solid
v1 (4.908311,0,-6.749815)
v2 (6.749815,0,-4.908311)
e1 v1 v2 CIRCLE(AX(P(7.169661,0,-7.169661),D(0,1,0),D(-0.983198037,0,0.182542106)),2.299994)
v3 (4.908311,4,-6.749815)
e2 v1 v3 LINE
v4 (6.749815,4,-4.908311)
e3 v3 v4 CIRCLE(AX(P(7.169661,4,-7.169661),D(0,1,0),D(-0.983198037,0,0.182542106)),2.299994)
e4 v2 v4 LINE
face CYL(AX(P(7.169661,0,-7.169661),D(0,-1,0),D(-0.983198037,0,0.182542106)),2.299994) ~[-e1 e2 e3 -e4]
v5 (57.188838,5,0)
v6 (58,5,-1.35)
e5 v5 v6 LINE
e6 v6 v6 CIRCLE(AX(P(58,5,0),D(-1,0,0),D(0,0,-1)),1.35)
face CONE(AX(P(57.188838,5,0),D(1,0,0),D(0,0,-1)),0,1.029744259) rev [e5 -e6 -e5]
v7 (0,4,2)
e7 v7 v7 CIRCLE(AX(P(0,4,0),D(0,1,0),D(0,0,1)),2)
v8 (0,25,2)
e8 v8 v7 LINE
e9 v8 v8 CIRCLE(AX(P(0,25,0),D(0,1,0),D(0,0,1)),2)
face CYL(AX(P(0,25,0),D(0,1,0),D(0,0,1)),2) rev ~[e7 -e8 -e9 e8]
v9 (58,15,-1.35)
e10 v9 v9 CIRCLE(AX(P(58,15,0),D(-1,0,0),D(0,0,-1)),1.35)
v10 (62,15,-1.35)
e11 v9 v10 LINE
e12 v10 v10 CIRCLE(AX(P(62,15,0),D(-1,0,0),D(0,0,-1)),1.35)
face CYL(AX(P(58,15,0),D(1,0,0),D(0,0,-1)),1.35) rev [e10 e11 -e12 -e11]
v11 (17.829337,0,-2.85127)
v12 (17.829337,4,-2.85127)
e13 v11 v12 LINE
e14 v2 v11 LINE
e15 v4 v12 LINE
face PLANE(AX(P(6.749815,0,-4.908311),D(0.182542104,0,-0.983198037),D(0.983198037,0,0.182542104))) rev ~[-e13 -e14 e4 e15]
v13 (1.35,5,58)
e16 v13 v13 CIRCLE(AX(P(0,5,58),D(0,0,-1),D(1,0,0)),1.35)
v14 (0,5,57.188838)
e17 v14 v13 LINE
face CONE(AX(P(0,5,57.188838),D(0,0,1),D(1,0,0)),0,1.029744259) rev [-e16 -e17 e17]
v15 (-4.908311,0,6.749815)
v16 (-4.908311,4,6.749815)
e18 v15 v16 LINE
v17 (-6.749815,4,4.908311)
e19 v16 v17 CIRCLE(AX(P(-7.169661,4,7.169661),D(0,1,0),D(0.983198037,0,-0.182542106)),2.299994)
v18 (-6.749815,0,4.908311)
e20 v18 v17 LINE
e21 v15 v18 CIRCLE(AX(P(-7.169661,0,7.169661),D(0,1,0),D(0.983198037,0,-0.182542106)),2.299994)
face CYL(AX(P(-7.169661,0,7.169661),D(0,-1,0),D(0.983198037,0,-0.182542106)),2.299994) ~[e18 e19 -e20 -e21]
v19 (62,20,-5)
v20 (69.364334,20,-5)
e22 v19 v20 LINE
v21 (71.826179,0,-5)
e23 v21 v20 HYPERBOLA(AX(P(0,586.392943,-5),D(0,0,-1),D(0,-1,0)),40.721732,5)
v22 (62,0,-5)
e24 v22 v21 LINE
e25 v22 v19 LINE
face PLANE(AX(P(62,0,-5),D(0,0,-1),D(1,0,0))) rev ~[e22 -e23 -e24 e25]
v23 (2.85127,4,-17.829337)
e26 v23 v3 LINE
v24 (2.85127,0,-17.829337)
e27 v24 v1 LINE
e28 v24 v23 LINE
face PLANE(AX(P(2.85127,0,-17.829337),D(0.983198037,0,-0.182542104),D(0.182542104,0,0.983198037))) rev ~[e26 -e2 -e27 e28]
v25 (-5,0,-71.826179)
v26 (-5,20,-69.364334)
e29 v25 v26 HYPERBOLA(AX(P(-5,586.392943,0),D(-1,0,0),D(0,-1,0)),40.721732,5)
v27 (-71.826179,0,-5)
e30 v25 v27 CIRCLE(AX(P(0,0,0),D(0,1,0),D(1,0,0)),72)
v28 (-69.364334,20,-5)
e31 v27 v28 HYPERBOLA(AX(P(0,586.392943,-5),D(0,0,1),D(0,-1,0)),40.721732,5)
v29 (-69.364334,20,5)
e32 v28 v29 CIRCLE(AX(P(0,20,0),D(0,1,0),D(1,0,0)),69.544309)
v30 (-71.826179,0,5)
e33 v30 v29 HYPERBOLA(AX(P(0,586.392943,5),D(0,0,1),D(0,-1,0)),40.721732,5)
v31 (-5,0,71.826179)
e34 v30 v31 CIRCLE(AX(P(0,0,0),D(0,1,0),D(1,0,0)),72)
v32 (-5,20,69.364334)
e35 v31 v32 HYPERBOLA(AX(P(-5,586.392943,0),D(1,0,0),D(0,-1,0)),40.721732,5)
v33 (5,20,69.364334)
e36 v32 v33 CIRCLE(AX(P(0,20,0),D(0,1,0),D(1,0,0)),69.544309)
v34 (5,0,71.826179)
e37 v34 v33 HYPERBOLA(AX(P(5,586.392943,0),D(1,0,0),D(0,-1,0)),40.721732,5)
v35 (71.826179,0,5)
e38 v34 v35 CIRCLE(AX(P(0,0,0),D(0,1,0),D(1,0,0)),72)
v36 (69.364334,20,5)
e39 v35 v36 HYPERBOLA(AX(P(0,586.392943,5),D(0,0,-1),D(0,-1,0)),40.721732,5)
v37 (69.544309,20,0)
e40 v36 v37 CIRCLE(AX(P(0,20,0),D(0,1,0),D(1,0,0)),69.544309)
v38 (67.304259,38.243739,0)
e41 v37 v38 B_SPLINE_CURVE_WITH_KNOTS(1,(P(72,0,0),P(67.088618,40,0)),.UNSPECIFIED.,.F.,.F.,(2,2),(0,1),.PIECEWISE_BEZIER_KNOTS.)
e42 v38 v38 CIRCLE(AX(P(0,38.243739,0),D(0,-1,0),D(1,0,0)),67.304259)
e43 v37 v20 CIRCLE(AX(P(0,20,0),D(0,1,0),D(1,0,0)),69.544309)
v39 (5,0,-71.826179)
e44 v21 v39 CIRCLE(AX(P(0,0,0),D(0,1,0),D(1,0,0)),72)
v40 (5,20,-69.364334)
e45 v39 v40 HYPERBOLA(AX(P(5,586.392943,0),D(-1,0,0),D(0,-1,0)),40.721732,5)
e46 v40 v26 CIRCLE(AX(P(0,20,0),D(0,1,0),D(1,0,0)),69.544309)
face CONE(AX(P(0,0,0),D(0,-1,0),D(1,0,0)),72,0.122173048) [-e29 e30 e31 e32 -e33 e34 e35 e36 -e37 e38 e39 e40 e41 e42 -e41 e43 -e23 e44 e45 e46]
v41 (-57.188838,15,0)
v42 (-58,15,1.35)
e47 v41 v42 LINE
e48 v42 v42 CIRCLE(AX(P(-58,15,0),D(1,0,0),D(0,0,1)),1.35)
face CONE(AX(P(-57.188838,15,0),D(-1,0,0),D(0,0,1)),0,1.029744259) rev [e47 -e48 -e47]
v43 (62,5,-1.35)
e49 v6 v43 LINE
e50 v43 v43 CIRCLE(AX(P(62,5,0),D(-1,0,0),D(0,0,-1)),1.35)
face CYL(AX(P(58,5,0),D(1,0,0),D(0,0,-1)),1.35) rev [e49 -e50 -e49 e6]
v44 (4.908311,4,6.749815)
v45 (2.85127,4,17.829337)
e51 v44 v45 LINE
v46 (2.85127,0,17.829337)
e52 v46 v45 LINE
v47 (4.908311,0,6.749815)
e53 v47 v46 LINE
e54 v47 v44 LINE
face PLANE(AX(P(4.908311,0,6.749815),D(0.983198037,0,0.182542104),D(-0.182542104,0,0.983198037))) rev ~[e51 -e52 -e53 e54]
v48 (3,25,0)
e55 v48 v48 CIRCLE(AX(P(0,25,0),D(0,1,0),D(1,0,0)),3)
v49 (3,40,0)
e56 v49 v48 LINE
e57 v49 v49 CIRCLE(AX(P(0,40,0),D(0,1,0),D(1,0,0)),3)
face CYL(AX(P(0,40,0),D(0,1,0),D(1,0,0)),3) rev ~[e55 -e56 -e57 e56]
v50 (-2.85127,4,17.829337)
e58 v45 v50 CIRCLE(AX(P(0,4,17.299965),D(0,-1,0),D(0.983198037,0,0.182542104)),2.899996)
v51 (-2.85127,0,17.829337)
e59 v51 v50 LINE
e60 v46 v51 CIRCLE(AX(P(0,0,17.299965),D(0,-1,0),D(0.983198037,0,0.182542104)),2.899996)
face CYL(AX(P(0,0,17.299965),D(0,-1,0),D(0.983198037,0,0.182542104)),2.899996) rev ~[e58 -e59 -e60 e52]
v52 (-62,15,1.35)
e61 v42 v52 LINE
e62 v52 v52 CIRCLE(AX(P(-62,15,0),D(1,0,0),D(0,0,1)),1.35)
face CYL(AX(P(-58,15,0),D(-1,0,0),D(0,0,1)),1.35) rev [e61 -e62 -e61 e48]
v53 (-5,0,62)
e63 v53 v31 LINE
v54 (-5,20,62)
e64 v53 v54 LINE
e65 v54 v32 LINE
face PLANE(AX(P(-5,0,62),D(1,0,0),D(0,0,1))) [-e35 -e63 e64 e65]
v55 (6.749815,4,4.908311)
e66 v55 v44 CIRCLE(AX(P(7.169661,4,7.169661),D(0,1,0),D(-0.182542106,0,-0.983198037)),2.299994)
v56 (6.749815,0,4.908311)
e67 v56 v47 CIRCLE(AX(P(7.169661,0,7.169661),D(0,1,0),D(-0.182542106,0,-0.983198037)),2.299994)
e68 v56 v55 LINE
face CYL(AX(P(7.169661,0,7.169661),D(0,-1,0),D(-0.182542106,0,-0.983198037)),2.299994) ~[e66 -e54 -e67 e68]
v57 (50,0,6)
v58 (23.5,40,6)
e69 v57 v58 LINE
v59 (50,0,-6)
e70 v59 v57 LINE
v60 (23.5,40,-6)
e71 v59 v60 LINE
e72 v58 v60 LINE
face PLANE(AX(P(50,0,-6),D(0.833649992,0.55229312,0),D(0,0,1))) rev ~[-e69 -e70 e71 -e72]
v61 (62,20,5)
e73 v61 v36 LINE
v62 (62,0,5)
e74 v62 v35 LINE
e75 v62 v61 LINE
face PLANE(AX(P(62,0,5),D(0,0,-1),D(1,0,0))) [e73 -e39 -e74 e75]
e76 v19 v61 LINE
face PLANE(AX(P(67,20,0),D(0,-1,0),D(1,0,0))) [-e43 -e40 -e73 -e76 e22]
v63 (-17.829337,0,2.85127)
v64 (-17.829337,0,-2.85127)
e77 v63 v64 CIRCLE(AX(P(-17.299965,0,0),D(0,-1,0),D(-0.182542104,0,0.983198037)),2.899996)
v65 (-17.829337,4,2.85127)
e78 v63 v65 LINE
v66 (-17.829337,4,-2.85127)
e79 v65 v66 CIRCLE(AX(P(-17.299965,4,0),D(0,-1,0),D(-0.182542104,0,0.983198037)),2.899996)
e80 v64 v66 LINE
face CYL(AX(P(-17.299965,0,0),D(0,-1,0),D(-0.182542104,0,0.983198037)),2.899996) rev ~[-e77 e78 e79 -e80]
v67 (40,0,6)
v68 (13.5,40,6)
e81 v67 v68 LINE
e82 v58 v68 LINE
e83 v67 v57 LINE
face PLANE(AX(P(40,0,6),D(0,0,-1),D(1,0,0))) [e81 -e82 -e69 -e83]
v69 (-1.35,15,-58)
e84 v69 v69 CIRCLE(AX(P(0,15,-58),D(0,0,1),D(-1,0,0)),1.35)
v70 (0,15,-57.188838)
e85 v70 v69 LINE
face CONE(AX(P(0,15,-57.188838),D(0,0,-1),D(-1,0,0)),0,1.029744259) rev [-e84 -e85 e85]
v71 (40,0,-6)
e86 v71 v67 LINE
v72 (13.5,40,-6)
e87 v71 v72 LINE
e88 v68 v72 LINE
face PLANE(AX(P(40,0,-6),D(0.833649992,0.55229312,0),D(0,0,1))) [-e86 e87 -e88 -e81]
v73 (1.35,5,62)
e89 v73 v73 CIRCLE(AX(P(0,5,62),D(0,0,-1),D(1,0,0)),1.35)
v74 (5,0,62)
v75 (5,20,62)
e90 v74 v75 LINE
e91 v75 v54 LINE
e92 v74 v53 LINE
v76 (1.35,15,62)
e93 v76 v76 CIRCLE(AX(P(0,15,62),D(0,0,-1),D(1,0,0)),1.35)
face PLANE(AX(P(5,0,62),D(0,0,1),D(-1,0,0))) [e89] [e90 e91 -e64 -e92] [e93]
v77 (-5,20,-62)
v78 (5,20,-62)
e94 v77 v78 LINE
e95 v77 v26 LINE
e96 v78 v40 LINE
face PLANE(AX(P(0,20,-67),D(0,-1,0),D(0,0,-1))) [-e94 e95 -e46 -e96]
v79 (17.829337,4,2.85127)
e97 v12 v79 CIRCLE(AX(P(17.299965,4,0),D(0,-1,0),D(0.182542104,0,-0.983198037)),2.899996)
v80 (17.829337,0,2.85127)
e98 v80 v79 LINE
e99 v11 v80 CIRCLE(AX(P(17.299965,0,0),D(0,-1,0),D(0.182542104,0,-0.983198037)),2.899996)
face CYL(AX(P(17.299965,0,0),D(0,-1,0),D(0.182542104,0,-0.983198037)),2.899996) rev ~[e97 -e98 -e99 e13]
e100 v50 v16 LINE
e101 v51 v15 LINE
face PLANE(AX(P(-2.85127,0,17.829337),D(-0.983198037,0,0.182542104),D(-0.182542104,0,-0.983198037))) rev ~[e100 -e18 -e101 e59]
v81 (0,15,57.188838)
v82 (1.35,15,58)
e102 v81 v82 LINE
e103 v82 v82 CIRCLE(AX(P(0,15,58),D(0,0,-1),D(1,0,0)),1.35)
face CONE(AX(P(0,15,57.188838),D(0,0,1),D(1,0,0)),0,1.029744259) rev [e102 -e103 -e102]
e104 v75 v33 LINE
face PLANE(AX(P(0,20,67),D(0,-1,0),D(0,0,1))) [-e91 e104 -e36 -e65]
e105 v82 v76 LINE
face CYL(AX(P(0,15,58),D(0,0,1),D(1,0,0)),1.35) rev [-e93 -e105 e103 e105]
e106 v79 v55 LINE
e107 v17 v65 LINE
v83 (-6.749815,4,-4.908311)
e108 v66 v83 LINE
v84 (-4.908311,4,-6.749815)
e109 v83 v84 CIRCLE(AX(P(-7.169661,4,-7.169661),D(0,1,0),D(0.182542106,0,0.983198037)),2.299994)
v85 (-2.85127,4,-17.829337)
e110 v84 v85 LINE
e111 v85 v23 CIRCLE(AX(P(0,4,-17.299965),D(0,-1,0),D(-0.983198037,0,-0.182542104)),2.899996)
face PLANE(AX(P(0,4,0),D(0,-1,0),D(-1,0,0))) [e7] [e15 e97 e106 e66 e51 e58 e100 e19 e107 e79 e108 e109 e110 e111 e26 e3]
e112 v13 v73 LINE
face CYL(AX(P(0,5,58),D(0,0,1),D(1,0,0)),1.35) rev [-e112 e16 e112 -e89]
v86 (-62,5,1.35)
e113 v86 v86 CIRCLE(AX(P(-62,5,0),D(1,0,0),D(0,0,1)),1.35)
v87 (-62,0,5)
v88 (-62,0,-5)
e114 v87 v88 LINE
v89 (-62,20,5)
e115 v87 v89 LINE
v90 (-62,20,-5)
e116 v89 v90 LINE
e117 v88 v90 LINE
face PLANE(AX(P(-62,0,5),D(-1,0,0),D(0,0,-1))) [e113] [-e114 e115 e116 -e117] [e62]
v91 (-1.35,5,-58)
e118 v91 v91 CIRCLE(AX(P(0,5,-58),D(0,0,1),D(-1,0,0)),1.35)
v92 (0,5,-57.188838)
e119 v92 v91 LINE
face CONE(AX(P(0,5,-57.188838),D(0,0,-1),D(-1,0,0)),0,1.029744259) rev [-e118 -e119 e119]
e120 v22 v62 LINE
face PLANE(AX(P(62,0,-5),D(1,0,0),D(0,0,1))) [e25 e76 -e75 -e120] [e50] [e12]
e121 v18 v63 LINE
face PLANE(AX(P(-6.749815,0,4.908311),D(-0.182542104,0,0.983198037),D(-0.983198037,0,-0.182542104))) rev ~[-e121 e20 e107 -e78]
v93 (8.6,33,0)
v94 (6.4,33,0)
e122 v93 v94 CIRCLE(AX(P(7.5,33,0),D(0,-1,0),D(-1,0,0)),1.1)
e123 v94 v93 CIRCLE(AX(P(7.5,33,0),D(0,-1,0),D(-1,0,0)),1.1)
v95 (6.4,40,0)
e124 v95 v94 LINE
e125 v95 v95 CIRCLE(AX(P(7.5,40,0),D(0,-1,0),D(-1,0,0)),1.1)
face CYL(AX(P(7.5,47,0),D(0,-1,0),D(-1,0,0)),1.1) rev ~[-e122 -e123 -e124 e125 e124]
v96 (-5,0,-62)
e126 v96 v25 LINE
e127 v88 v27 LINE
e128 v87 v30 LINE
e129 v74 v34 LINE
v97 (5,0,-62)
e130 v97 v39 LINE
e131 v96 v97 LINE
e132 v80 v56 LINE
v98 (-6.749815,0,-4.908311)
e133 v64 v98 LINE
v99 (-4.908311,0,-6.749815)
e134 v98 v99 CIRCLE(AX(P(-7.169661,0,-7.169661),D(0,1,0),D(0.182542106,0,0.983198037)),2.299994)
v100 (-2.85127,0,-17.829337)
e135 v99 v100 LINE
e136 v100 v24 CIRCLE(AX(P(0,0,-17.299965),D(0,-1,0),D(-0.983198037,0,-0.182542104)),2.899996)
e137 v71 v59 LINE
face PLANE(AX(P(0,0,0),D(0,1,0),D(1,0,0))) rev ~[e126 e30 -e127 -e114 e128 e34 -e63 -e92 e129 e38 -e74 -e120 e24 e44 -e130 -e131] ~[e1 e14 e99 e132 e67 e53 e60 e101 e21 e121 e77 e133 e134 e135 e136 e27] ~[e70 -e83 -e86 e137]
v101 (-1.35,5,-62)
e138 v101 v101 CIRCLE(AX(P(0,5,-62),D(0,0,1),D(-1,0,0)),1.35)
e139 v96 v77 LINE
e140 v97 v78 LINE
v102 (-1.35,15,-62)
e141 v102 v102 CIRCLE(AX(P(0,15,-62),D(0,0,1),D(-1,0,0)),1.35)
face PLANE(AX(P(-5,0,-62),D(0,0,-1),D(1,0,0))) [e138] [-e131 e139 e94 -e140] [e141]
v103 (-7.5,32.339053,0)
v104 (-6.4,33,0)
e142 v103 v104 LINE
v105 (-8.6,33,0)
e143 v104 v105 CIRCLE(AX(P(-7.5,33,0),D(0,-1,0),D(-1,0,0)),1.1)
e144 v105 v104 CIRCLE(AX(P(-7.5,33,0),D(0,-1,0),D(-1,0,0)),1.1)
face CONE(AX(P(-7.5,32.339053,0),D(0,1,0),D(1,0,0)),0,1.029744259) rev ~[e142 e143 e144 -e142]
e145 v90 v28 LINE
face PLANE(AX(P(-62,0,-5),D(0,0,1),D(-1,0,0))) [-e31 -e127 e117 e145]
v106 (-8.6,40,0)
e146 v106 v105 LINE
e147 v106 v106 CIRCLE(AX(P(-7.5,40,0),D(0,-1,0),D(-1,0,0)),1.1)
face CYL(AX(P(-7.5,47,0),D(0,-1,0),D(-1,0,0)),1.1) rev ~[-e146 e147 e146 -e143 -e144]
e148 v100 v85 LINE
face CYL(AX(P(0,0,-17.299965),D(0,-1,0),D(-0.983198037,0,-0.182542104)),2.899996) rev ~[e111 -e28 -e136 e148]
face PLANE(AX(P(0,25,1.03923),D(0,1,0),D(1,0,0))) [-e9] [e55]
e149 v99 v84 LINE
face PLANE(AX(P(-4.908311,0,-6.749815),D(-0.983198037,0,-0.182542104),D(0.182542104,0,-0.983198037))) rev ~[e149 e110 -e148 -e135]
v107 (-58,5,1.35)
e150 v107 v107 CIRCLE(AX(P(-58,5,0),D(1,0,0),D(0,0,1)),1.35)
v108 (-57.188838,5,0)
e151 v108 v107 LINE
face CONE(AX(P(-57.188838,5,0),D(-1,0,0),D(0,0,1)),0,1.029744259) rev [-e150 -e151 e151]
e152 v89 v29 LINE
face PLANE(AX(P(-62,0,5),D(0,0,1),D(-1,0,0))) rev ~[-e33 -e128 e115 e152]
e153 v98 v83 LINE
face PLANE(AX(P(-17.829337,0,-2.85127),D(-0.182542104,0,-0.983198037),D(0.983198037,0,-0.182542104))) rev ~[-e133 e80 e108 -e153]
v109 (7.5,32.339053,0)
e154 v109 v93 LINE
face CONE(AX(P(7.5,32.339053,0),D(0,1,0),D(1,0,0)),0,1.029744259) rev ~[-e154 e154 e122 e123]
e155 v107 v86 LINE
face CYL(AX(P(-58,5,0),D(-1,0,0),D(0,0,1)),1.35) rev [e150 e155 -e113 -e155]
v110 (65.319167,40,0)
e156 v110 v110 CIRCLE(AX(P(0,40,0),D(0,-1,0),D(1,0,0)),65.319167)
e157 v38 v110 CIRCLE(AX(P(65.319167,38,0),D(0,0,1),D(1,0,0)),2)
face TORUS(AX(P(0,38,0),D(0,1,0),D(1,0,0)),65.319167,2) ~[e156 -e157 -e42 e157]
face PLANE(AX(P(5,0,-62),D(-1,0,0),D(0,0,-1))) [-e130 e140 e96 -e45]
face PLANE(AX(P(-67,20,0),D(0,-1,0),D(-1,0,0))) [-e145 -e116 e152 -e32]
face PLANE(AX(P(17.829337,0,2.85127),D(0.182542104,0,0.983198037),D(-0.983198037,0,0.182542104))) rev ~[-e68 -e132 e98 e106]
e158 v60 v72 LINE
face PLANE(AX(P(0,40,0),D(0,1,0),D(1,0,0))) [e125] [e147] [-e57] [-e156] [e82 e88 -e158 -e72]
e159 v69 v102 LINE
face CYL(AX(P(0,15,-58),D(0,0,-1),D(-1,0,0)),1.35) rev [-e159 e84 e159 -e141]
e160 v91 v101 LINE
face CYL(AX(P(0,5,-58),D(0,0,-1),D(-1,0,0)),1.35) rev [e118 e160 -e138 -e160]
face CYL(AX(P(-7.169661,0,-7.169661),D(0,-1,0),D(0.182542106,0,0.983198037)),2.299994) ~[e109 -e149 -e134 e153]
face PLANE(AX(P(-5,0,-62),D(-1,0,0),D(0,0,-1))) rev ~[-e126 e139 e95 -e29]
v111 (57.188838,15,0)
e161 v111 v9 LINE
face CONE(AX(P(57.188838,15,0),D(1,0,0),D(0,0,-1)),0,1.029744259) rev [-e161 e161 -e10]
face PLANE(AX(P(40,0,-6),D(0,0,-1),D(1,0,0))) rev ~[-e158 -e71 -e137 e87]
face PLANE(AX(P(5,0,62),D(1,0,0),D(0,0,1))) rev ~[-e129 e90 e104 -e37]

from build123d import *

# Parameters (mm, degrees)
ESQUISSE3_R                  = 72
BOSS_EXTRU_1_DEPTH           = 40
BOSS_EXTRU_1_TAPER           = 7
CONG_2_R                     = 2
ESQUISSE26_R                 = 7.5
ENL_V_MAT_EXTRU_1_DEPTH      = 4
ESQUISSE39_W                 = 10
ESQUISSE39_H                 = 10
ENL_V_MAT_EXTRU_4_DEPTH      = 20
D_GAGEMENT_M2_51_AT_2_COUNT  = 2
D_GAGEMENT_M2_51_AT_2_PITCH  = 10
R_P_TITION_CIRCULAIRE5_COUNT = 4
D_GAGEMENT_M21_D             = 2.2
D_GAGEMENT_M21_DEPTH         = 7
D_GAGEMENT_M21_TIP           = 0.660946681
ENL_V_MAT_EXTRU_2_DEPTH      = 15
ESQUISSE33_R                 = 2
ENL_V_MAT_EXTRU_3_DEPTH      = 105.608795203
ESQUISSE36_W                 = 10
ESQUISSE36_H                 = 12
PASSAGE_DE_CABLE_DEPTH       = 132.153294527
ETOILE_DEPTH                 = 4


with BuildPart() as part:
    # Esquisse3 → Boss.-Extru.1 (new body)
    with BuildSketch(Plane(origin=(0, 0, 0), x_dir=(1, 0, 0), z_dir=(0, 1, 0))):
        Circle(ESQUISSE3_R)
    extrude(amount=BOSS_EXTRU_1_DEPTH, taper=BOSS_EXTRU_1_TAPER)

    # Congé2
    cong_2_edges = [part.edges().sort_by_distance(p)[0] for p in [
        (-67.088617564, 40, 0),
    ]]
    fillet(cong_2_edges, radius=CONG_2_R)

    # Esquisse26 → Enlèv. mat.-Extru.1 (cut)
    with BuildSketch(Plane(origin=(0, 0, 0), x_dir=(-1, 0, 0), z_dir=(0, -1, 0))):
        with Locations(Location((0, 0, 0), (0, 0, 90))):
            Circle(ESQUISSE26_R)
    extrude(amount=-ENL_V_MAT_EXTRU_1_DEPTH, mode=Mode.SUBTRACT)

    # Esquisse39 → Enlèv. mat.-Extru.4 (cut)
    with BuildSketch(Plane.XZ):
        with Locations((67, 0)):
            Rectangle(ESQUISSE39_W, ESQUISSE39_H)
    enl_v_mat_extru_4 = extrude(amount=-ENL_V_MAT_EXTRU_4_DEPTH, mode=Mode.SUBTRACT)

    # Esquisse42 → Dégagement M2.51 (revolve, cut)
    with BuildSketch(Plane(origin=(62, 15, 0), x_dir=(0, 0, -1), z_dir=(0, 1, 0))):
        Polygon((0, 0), (0, 4.811161836), (1.35, 4), (1.35, 0), align=None)
    d_gagement_m2_51 = revolve(axis=Axis((68.35, 15, 0), (-1, 0, 0)), mode=Mode.SUBTRACT)

    # Dégagement M2.51 at 2: Dégagement M2.51 ×2
    with Locations(*[(0, -i * D_GAGEMENT_M2_51_AT_2_PITCH, 0) for i in range(1, D_GAGEMENT_M2_51_AT_2_COUNT)]):
        add(d_gagement_m2_51, mode=Mode.SUBTRACT)

    # Répétition circulaire5: Enlèv. mat.-Extru.4, Dégagement M2.51 ×4 about axis
    r_p_tition_circulaire5_axis = Axis((0, 0, 0), (0, 1, 0))
    add([enl_v_mat_extru_4.rotate(r_p_tition_circulaire5_axis, i * 360 / R_P_TITION_CIRCULAIRE5_COUNT) for i in range(1, R_P_TITION_CIRCULAIRE5_COUNT)], mode=Mode.SUBTRACT)
    add([d_gagement_m2_51.rotate(r_p_tition_circulaire5_axis, i * 360 / R_P_TITION_CIRCULAIRE5_COUNT) for i in range(1, R_P_TITION_CIRCULAIRE5_COUNT)], mode=Mode.SUBTRACT)

    # Répétition circulaire5 copy 1 sketch → Répétition circulaire5 copy 1 (revolve, cut)
    with BuildSketch(Plane(origin=(0, 5, -62), x_dir=(-1, 0, 0), z_dir=(0, 1, 0))):
        Polygon((0, 0), (0, 4.811161836), (1.35, 4), (1.35, 0), align=None)
    revolve(axis=Axis((0, 5, -68.35), (0, 0, 1)), mode=Mode.SUBTRACT)

    # Répétition circulaire5 copy 2 sketch → Répétition circulaire5 copy 2 (revolve, cut)
    with BuildSketch(Plane(origin=(-62, 5, 0), x_dir=(0, 0, 1), z_dir=(0, 1, 0))):
        Polygon((0, 0), (0, 4.811161836), (1.35, 4), (1.35, 0), align=None)
    revolve(axis=Axis((-68.35, 5, 0), (1, 0, 0)), mode=Mode.SUBTRACT)

    # Répétition circulaire5 copy 3 sketch → Répétition circulaire5 copy 3 (revolve, cut)
    with BuildSketch(Plane(origin=(0, 5, 62), x_dir=(1, 0, 0), z_dir=(0, 1, 0))):
        Polygon((0, 0), (0, 4.811161836), (1.35, 4), (1.35, 0), align=None)
    revolve(axis=Axis((0, 5, 68.35), (0, 0, -1)), mode=Mode.SUBTRACT)

    # Dégagement M21
    with Locations(Plane(origin=(0, 40, 0), x_dir=(1, 0, 0), z_dir=(0, 1, 0))):
        with Locations((7.5, 0), (-7.5, 0)):
            Hole(D_GAGEMENT_M21_D / 2, depth=D_GAGEMENT_M21_DEPTH)
            with Locations((0, 0, -(D_GAGEMENT_M21_DEPTH + D_GAGEMENT_M21_TIP / 2))):  # 118° drill point
                Cone(0, D_GAGEMENT_M21_D / 2, D_GAGEMENT_M21_TIP, mode=Mode.SUBTRACT)

    # Esquisse30 → Enlèv. mat.-Extru.2 (cut)
    with BuildSketch(Plane(origin=(0, 40, 0), x_dir=(1, 0, 0), z_dir=(0, 1, 0))):
        with BuildLine():
            ThreePointArc((-3, 0), (0, -3), (3, 0))
            Line((3, 0), (-3, 0))
        make_face()
        with BuildLine():
            Line((-3, 0), (3, 0))
            ThreePointArc((3, 0), (0, 3), (-3, 0))
        make_face()
    extrude(amount=-ENL_V_MAT_EXTRU_2_DEPTH, mode=Mode.SUBTRACT)

    # Esquisse33 → Enlèv. mat.-Extru.3 (cut, through all)
    with BuildSketch(Plane(origin=(0, 25, 0), x_dir=(1, 0, 0), z_dir=(0, 1, 0))):
        with Locations(Location((0, 0, 0), (0, 0, 270))):
            Circle(ESQUISSE33_R)
    extrude(amount=-ENL_V_MAT_EXTRU_3_DEPTH, mode=Mode.SUBTRACT)

    # Esquisse36 → Passage de cable (cut, through all, along a direction that is not the sketch's normal)
    with BuildSketch(Plane.XZ):
        with Locations((45, 0)):
            Rectangle(ESQUISSE36_W, ESQUISSE36_H)
    extrude(amount=-PASSAGE_DE_CABLE_DEPTH, dir=(0.5522931199127548, -0.8336499923211392, 0), mode=Mode.SUBTRACT)

    # Esquisse38 → Etoile (cut)
    with BuildSketch(Plane(origin=(0, 0, 0), x_dir=(-1, 0, 0), z_dir=(0, -1, 0))):
        with BuildLine():
            Line((17.829336699, 2.851269982), (6.749815306, 4.908311464))
            ThreePointArc((6.749815306, 4.908311464), (5.543319697, 5.543319697), (4.908311464, 6.749815306))
            Line((4.908311464, 6.749815306), (2.851269982, 17.829336699))
            ThreePointArc((2.851269982, 17.829336699), (0, 20.199961), (-2.851269982, 17.829336699))
            Line((-2.851269982, 17.829336699), (-4.908311464, 6.749815306))
            ThreePointArc((-4.908311464, 6.749815306), (-5.543319697, 5.543319697), (-6.749815306, 4.908311464))
            Line((-6.749815306, 4.908311464), (-17.829336699, 2.851269982))
            ThreePointArc((-17.829336699, 2.851269982), (-20.199961, 0), (-17.829336699, -2.851269982))
            Line((-17.829336699, -2.851269982), (-6.749815306, -4.908311464))
            ThreePointArc((-6.749815306, -4.908311464), (-5.543319697, -5.543319697), (-4.908311464, -6.749815306))
            Line((-4.908311464, -6.749815306), (-2.851269982, -17.829336699))
            ThreePointArc((-2.851269982, -17.829336699), (0, -20.199961), (2.851269982, -17.829336699))
            Line((2.851269982, -17.829336699), (4.908311464, -6.749815306))
            ThreePointArc((4.908311464, -6.749815306), (5.543319697, -5.543319697), (6.749815306, -4.908311464))
            Line((6.749815306, -4.908311464), (17.829336699, -2.851269982))
            ThreePointArc((17.829336699, -2.851269982), (20.199961, 0), (17.829336699, 2.851269982))
        make_face()
    extrude(amount=-ETOILE_DEPTH, mode=Mode.SUBTRACT)


solid = part.part
